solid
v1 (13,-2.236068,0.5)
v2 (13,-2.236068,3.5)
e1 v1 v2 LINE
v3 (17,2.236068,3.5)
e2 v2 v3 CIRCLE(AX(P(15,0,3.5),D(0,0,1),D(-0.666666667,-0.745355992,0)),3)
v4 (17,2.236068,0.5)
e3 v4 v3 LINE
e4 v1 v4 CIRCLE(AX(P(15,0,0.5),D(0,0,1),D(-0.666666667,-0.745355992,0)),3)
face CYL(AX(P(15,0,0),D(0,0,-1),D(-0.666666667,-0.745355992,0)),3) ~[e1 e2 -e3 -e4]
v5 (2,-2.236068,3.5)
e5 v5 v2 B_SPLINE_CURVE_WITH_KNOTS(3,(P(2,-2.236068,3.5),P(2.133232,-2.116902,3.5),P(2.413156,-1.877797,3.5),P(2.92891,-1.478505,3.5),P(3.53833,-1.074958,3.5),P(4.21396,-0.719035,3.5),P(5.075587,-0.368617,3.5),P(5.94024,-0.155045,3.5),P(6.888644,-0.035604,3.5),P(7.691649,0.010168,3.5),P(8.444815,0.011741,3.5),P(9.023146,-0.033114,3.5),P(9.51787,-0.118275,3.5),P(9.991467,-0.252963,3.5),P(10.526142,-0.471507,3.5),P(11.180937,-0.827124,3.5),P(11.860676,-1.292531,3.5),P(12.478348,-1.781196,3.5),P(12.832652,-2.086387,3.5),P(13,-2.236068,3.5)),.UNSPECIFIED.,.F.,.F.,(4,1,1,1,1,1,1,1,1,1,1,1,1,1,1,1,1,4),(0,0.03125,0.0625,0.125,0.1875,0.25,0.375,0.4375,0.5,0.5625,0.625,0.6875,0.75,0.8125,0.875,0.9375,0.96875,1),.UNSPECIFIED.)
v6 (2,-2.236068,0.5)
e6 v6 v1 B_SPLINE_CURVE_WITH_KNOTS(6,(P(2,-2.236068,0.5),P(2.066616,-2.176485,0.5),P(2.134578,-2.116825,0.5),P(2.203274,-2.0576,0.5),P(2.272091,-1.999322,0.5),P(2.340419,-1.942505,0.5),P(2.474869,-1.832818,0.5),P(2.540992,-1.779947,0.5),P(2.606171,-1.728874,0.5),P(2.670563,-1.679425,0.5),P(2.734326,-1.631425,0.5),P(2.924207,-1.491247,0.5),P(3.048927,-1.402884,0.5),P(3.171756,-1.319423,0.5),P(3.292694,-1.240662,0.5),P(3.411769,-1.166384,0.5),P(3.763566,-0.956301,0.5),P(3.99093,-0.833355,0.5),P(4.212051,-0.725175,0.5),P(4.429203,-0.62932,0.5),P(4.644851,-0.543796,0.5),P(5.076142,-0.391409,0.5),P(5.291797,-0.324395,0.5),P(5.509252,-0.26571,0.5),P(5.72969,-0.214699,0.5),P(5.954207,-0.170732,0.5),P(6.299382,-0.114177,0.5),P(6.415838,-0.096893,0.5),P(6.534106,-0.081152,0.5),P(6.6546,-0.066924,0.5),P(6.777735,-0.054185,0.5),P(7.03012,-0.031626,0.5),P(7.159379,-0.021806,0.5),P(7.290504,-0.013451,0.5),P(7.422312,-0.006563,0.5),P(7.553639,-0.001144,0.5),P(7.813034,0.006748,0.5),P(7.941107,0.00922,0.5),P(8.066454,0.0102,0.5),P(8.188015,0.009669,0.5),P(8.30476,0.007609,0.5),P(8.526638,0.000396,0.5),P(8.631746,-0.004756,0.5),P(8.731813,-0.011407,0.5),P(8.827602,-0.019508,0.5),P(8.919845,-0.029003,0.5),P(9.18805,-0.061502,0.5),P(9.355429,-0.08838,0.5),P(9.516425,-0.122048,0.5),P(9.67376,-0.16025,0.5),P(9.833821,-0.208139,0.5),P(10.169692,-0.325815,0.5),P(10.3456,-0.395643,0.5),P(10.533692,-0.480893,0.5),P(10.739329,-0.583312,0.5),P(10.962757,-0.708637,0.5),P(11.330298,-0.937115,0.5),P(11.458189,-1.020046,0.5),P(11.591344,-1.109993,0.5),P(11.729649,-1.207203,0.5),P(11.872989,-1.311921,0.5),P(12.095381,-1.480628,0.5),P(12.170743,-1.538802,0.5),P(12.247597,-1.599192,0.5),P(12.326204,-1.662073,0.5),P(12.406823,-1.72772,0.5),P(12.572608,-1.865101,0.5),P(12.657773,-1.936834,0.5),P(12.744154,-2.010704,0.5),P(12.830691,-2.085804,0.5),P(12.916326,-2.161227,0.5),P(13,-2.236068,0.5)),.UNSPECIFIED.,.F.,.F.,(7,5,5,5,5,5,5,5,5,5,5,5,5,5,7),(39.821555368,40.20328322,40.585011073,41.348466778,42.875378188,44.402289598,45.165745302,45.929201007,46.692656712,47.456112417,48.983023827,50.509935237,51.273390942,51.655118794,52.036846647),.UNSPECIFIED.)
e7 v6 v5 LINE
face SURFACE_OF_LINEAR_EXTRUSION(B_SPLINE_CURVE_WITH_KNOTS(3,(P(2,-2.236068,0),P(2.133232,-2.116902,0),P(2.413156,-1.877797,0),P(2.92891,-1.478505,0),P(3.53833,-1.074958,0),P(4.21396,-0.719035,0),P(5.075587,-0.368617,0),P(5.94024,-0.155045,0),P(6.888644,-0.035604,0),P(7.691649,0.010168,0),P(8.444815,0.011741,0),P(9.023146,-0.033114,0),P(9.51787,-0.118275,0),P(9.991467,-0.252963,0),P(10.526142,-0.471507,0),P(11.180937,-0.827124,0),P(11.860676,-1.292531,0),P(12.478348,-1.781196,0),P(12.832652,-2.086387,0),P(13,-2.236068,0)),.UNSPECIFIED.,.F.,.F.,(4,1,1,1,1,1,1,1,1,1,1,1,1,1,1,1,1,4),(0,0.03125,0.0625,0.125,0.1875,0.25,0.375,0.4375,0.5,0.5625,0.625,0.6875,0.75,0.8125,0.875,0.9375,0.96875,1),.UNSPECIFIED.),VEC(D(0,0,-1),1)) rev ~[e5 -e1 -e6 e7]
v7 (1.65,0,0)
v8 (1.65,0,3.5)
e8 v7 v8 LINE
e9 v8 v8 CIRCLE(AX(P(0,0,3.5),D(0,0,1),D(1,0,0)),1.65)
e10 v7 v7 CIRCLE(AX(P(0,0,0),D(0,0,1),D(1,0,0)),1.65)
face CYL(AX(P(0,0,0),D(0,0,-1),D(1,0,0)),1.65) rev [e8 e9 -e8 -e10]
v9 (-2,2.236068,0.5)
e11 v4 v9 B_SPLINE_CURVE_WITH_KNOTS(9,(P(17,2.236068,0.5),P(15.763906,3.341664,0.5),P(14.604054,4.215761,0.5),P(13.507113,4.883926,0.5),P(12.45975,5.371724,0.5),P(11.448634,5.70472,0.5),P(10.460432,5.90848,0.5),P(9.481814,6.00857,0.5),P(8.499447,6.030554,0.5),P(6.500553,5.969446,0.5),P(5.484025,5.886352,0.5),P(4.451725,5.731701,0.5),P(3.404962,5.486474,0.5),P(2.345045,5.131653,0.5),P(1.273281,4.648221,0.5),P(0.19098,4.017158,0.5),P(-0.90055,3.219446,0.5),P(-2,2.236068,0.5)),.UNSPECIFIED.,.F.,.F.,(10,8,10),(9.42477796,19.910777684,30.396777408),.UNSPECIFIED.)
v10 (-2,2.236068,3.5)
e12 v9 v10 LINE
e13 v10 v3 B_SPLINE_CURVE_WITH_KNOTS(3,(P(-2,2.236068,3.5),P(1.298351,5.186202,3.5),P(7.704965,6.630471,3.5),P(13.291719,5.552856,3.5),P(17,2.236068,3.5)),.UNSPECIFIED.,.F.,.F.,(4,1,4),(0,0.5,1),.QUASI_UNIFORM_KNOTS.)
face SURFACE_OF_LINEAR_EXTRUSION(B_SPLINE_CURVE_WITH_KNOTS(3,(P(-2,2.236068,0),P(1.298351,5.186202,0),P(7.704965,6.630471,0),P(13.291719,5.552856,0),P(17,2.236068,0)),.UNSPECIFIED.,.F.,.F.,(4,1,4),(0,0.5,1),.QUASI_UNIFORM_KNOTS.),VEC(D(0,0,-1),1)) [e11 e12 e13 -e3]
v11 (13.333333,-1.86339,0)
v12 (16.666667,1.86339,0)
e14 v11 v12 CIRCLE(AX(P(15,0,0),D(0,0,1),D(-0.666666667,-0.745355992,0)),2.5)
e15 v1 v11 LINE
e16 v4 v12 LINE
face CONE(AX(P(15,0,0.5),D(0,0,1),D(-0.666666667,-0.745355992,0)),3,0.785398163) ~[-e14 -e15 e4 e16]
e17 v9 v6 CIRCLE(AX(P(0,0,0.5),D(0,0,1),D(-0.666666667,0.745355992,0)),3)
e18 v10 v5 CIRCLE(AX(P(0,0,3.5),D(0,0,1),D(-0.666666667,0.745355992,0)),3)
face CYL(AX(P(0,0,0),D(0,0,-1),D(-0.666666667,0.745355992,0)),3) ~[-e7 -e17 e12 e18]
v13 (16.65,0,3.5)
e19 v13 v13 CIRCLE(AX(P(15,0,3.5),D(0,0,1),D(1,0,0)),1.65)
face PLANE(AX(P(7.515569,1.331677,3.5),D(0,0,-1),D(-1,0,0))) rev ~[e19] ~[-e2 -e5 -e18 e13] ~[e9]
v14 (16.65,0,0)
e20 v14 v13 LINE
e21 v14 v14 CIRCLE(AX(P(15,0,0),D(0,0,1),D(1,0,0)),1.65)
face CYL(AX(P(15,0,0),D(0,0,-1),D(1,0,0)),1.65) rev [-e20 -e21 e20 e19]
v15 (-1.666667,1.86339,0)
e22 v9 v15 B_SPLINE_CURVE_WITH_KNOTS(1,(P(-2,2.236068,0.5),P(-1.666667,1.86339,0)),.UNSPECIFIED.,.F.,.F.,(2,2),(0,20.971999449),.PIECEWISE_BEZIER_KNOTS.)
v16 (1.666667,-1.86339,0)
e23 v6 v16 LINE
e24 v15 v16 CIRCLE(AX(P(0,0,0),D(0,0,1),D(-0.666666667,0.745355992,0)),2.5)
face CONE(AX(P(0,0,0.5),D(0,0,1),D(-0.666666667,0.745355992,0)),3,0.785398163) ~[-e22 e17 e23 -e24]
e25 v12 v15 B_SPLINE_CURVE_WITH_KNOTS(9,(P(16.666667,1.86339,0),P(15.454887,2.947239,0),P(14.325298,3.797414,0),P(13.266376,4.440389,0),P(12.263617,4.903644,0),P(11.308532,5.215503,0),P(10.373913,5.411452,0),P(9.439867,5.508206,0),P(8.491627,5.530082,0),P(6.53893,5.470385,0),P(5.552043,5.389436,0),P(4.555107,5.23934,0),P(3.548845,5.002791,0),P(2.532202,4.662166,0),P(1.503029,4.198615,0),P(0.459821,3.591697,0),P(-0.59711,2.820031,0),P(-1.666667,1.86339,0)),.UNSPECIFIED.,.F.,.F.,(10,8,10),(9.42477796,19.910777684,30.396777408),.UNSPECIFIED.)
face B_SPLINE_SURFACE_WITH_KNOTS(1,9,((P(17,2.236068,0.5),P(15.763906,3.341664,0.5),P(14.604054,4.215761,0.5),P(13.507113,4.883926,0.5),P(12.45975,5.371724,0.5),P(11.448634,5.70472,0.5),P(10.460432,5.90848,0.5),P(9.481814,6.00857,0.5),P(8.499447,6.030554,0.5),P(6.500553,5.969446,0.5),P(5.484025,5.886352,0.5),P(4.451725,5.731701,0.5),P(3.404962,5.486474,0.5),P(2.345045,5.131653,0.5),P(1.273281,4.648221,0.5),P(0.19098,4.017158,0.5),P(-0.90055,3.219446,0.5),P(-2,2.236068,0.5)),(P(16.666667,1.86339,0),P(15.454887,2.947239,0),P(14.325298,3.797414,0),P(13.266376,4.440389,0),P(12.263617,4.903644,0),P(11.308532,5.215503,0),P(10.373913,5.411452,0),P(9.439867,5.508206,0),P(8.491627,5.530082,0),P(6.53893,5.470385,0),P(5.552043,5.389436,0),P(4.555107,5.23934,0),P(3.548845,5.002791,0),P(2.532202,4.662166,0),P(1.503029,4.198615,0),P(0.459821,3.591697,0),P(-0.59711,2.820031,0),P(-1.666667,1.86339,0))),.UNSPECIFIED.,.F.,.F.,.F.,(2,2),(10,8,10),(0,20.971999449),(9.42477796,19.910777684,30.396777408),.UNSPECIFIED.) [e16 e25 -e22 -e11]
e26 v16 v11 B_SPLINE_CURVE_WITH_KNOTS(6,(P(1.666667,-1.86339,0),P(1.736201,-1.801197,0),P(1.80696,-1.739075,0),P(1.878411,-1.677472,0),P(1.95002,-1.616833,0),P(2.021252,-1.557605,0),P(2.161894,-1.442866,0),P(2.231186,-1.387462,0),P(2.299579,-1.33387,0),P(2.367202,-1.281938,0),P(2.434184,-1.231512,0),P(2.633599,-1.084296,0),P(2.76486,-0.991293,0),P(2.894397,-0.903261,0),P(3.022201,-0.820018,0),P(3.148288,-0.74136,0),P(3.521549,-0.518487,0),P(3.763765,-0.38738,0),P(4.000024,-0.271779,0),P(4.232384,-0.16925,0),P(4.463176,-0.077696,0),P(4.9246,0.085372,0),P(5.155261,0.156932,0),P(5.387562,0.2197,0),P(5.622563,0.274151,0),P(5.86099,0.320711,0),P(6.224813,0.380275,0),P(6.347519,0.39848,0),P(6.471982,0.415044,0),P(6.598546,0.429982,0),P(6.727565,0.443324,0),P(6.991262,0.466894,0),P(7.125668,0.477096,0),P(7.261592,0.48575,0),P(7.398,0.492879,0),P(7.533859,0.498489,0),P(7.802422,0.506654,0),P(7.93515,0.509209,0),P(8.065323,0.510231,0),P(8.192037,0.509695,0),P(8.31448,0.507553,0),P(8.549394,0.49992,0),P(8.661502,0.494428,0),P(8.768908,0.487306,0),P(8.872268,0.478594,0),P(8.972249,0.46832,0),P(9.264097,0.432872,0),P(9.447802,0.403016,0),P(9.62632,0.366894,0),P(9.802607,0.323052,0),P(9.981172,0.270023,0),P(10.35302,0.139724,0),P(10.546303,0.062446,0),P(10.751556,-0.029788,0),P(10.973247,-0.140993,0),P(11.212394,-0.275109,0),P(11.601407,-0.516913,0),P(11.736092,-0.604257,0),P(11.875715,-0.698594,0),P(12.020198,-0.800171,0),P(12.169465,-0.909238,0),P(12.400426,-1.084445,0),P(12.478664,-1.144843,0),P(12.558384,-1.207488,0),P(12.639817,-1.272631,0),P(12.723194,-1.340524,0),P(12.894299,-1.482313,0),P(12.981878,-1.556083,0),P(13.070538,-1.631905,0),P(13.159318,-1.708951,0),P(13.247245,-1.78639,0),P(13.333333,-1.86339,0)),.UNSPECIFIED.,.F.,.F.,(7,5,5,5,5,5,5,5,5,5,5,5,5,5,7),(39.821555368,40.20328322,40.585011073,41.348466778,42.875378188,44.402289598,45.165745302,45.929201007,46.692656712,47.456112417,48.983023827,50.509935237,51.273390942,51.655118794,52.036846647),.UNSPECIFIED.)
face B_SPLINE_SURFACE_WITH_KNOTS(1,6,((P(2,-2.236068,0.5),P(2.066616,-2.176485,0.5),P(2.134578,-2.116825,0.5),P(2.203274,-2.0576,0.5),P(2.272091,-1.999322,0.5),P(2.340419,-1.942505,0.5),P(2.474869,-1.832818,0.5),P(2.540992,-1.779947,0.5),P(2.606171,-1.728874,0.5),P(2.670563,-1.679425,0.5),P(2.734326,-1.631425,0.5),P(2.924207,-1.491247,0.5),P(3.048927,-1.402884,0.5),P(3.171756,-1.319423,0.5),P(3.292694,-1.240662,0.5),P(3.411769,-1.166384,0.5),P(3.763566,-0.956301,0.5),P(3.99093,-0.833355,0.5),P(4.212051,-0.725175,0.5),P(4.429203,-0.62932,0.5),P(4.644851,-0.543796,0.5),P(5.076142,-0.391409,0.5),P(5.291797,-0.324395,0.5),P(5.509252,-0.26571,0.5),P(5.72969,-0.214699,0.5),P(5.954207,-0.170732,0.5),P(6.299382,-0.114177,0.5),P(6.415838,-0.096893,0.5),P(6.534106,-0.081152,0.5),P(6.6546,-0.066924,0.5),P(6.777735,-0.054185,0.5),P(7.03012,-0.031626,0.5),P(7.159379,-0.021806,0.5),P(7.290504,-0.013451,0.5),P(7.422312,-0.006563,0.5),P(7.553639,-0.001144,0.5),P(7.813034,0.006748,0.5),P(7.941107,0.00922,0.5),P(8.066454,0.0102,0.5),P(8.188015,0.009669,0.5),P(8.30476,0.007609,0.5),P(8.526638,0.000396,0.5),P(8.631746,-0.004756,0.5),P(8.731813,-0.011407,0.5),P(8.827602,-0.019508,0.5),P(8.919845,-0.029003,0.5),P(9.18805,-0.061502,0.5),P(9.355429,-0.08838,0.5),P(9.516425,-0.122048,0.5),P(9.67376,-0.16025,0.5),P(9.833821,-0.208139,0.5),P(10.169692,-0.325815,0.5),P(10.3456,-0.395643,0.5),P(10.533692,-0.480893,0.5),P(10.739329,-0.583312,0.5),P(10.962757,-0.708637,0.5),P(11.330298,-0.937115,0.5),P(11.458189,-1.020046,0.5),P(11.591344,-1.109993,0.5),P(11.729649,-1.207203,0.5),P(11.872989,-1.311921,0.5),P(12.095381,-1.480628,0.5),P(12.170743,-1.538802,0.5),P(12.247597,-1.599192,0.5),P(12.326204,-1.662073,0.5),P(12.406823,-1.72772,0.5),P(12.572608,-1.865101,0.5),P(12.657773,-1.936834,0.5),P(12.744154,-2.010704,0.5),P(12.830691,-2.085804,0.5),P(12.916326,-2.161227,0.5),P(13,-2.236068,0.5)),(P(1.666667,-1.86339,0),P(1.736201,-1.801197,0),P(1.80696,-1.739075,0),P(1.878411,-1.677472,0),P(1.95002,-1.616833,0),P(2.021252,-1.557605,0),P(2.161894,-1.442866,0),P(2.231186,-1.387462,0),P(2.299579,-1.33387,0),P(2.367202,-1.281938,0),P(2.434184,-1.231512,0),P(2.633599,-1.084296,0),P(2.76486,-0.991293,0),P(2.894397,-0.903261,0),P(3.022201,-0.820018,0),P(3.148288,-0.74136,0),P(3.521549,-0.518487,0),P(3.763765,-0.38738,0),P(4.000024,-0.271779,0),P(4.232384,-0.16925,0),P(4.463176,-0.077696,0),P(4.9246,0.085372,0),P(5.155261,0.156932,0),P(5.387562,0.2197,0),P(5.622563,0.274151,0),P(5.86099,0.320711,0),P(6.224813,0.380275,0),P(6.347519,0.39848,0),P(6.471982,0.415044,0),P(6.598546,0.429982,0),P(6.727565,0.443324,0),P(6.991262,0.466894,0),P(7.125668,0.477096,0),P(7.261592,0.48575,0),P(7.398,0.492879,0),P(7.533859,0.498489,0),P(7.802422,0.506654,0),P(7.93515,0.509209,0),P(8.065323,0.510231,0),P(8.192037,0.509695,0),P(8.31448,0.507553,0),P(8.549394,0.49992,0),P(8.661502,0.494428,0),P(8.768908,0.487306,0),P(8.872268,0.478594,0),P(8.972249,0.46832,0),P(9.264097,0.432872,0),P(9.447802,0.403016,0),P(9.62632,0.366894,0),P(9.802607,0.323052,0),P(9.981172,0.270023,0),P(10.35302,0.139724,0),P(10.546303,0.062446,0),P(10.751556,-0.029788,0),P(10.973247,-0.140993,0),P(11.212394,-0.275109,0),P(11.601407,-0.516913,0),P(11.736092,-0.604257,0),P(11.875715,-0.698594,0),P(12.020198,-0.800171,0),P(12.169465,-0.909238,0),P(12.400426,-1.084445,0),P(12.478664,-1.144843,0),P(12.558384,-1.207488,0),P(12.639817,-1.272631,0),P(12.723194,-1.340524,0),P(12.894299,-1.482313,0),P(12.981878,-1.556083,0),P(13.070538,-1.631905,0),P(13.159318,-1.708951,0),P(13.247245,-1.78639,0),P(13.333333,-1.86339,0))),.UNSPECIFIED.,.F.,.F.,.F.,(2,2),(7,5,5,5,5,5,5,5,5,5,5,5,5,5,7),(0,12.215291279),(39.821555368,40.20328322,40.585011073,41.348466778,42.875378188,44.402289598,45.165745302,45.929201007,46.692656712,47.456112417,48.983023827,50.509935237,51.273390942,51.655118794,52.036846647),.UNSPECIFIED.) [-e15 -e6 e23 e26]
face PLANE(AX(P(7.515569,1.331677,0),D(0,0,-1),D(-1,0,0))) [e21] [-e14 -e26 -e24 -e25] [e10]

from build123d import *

# Parameters (mm, degrees)
SKETCH_1_R      = 1.65
EXTRUDE_2_DEPTH = 3.5
CHAMFER_1_SIZE  = 0.5


with BuildPart() as part:
    # 草图1 → 凸台-拉伸2 (new body)
    with BuildSketch(Plane.XY):
        with BuildLine():
            add(Edge.make_bspline(
                [(-2, 2.236067977), (1.298350605, 5.186202444), (7.70496537, 6.630470955), (13.291718654, 5.552855645), (17, 2.236067977)],
                knots=[0, 0, 0, 0, 0.5, 1, 1, 1, 1], degree=3))
            ThreePointArc((-2, 2.236067977), (-2.236067977, -2), (2, -2.236067977))
            add(Edge.make_bspline(
                [(2, -2.236067977), (2.133231621, -2.116901993), (2.413155894, -1.87779666), (2.92891001, -1.478504787), (3.538329614, -1.07495841), (4.2139596, -0.719034821), (5.07558679, -0.368617139), (5.940240482, -0.155045102), (6.888643765, -0.035603913), (7.691648693, 0.010168459), (8.44481537, 0.011741207), (9.02314593, -0.033114067), (9.5178697, -0.118274629), (9.991466761, -0.252962594), (10.526142012, -0.471507355), (11.180937128, -0.827124358), (11.86067581, -1.292530825), (12.478348447, -1.781196), (12.832651532, -2.086386958), (13, -2.236067977)],
                knots=[0, 0, 0, 0, 0.03125, 0.0625, 0.125, 0.1875, 0.25, 0.375, 0.4375, 0.5, 0.5625, 0.625, 0.6875, 0.75, 0.8125, 0.875, 0.9375, 0.96875, 1, 1, 1, 1], degree=3))
            ThreePointArc((13, -2.236067977), (17.236067977, -2), (17, 2.236067977))
        make_face()
        Circle(SKETCH_1_R, mode=Mode.SUBTRACT)
        with Locations((15, 0)):
            Circle(SKETCH_1_R, mode=Mode.SUBTRACT)
    extrude(amount=EXTRUDE_2_DEPTH)

    # 倒角1
    chamfer_1_edges = [part.edges().sort_by_distance(p)[0] for p in [
        (17.236067977, -2, 0),
        (7.532671852, -0.002579069, 0),
        (-2.236067977, -2, 0),
        (7.532671852, -0.002579069, 0),
    ]]
    chamfer(chamfer_1_edges, length=CHAMFER_1_SIZE)


solid = part.part
